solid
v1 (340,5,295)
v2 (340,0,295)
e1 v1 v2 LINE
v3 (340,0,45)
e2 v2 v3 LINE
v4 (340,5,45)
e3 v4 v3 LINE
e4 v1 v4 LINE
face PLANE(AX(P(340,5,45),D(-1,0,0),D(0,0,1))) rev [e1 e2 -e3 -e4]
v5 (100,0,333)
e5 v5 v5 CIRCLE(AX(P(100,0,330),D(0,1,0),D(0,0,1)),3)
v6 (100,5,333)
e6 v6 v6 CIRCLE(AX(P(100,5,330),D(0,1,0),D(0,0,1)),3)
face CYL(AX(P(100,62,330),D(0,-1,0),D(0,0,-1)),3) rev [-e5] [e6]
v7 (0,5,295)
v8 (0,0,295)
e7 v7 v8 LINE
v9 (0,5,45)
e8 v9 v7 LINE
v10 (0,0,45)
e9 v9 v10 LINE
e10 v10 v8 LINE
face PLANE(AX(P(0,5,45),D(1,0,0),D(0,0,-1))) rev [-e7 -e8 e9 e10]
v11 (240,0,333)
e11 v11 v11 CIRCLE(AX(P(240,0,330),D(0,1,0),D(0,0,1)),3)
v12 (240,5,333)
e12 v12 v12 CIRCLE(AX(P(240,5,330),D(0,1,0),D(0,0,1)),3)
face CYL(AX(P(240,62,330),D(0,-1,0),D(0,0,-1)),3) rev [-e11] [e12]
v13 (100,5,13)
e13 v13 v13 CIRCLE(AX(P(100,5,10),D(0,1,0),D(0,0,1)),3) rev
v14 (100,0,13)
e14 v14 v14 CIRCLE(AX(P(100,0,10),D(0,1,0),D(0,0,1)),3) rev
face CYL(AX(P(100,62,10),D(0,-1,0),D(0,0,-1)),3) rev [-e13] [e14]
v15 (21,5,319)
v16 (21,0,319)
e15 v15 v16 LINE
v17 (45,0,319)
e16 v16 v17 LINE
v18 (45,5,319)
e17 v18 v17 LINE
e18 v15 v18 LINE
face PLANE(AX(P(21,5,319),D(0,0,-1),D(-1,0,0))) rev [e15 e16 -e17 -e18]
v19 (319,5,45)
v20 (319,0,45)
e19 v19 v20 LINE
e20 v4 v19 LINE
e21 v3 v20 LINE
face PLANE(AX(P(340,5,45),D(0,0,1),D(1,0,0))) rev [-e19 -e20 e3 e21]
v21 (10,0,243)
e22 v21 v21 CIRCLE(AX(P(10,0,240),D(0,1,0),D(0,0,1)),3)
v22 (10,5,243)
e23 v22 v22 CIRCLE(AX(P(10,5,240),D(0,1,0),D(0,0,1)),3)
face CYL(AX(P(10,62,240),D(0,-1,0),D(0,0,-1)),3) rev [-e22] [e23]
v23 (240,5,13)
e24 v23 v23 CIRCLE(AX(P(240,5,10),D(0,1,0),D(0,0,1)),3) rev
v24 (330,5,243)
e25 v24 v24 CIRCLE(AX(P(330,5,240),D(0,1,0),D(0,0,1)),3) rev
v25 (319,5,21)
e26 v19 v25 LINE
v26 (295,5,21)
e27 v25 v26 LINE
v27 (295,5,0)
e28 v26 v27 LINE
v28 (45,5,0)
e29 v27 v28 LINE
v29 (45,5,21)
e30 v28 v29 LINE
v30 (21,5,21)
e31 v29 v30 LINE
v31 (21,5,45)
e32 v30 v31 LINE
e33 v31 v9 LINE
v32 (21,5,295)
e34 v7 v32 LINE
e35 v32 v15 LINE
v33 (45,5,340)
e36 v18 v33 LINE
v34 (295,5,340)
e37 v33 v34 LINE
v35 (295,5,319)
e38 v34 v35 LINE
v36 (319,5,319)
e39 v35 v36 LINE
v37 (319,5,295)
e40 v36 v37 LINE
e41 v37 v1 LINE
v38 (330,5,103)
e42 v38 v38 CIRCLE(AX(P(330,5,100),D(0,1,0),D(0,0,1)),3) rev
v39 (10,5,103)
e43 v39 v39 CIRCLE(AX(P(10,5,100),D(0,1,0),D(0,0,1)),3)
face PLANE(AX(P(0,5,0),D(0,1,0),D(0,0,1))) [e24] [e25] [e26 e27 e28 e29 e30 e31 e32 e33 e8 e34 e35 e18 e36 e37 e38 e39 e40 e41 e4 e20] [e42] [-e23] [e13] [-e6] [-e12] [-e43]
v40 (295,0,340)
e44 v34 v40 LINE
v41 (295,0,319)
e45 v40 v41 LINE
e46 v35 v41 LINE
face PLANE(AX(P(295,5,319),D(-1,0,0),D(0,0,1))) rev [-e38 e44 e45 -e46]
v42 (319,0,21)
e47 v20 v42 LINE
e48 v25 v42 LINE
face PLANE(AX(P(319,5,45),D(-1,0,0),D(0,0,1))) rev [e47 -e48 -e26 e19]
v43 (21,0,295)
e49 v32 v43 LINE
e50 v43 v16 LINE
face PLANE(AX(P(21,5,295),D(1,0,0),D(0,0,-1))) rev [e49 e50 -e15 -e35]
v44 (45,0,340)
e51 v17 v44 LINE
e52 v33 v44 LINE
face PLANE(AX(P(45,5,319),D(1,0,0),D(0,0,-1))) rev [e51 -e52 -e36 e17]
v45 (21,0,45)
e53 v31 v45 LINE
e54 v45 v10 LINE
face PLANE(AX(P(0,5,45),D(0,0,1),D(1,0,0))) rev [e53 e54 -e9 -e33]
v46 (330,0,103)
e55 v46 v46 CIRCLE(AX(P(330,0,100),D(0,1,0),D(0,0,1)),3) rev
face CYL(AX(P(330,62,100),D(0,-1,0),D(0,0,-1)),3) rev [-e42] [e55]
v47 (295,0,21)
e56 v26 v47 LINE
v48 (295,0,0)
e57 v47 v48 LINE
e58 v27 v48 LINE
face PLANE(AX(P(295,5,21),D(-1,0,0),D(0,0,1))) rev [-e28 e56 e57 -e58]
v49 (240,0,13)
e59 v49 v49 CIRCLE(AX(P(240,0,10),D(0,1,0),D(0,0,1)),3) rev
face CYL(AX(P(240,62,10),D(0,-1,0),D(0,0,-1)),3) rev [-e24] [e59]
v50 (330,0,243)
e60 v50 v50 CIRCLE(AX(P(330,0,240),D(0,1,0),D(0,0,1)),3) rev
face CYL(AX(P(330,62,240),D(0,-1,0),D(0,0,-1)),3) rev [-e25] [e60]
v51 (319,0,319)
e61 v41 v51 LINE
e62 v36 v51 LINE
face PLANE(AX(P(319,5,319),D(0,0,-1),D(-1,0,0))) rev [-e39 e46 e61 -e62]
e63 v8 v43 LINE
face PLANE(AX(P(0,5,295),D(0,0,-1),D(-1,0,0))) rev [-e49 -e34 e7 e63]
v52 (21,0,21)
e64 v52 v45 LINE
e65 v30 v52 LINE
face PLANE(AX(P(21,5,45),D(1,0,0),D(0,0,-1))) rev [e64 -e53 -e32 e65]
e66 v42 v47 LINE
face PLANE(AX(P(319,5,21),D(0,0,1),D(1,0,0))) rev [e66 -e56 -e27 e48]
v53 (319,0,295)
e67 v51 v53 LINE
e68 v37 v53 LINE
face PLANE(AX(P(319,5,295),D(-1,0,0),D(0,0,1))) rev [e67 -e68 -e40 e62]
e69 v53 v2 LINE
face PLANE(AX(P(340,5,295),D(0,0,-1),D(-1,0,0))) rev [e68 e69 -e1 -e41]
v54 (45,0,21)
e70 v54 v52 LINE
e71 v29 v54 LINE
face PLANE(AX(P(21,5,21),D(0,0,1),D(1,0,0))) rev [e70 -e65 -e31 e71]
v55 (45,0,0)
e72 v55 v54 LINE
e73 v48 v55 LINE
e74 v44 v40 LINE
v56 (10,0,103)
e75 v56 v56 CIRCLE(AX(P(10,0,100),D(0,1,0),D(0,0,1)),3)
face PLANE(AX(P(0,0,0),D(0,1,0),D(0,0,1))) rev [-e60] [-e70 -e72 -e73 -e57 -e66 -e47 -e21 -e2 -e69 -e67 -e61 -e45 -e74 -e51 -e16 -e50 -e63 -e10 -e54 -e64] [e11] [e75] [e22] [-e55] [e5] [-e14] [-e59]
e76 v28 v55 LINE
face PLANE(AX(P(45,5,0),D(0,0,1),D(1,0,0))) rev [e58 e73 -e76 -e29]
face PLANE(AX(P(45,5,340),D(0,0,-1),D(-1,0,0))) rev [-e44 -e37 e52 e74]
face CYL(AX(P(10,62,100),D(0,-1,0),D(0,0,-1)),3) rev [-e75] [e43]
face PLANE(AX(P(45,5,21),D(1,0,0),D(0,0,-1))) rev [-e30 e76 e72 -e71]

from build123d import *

# Parameters (mm, degrees)
BOSS_EXTRUDE1_DEPTH     = 5
CUT_EXTRUDE1_DEPTH      = 57
CUT_EXTRUDE1_DEPTH_BACK = 57
SKETCH2_R               = 3


with BuildPart() as part:
    # Sketch1 → Boss-Extrude1 (new body)
    with BuildSketch(Plane(origin=(0, 0, 0), x_dir=(1, 0, 0), z_dir=(0, 1, 0))):
        Polygon((0, -45), (21, -45), (21, -21), (45, -21), (45, 0), (295, 0), (295, -21), (319, -21), (319, -45), (340, -45), (340, -295), (319, -295), (319, -319), (295, -319), (295, -340), (45, -340), (45, -319), (21, -319), (21, -295), (0, -295), align=None)
    extrude(amount=BOSS_EXTRUDE1_DEPTH)

    # Sketch2 → Cut-Extrude1 (cut, two sides: drawn at the far end of the back side and taken through both)
    with BuildSketch(Plane(origin=(0, 5, 0), x_dir=(1, 0, 0), z_dir=(0, 1, 0)).offset(-CUT_EXTRUDE1_DEPTH_BACK)):
        with Locations((100, -10)):
            Circle(SKETCH2_R)
        with Locations((240, -10)):
            Circle(SKETCH2_R)
        with Locations((240, -330)):
            Circle(SKETCH2_R)
        with Locations((100, -330)):
            Circle(SKETCH2_R)
        with Locations((10, -240)):
            Circle(SKETCH2_R)
        with Locations((10, -100)):
            Circle(SKETCH2_R)
        with Locations((330, -240)):
            Circle(SKETCH2_R)
        with Locations((330, -100)):
            Circle(SKETCH2_R)
    extrude(amount=CUT_EXTRUDE1_DEPTH + CUT_EXTRUDE1_DEPTH_BACK, mode=Mode.SUBTRACT)


solid = part.part
